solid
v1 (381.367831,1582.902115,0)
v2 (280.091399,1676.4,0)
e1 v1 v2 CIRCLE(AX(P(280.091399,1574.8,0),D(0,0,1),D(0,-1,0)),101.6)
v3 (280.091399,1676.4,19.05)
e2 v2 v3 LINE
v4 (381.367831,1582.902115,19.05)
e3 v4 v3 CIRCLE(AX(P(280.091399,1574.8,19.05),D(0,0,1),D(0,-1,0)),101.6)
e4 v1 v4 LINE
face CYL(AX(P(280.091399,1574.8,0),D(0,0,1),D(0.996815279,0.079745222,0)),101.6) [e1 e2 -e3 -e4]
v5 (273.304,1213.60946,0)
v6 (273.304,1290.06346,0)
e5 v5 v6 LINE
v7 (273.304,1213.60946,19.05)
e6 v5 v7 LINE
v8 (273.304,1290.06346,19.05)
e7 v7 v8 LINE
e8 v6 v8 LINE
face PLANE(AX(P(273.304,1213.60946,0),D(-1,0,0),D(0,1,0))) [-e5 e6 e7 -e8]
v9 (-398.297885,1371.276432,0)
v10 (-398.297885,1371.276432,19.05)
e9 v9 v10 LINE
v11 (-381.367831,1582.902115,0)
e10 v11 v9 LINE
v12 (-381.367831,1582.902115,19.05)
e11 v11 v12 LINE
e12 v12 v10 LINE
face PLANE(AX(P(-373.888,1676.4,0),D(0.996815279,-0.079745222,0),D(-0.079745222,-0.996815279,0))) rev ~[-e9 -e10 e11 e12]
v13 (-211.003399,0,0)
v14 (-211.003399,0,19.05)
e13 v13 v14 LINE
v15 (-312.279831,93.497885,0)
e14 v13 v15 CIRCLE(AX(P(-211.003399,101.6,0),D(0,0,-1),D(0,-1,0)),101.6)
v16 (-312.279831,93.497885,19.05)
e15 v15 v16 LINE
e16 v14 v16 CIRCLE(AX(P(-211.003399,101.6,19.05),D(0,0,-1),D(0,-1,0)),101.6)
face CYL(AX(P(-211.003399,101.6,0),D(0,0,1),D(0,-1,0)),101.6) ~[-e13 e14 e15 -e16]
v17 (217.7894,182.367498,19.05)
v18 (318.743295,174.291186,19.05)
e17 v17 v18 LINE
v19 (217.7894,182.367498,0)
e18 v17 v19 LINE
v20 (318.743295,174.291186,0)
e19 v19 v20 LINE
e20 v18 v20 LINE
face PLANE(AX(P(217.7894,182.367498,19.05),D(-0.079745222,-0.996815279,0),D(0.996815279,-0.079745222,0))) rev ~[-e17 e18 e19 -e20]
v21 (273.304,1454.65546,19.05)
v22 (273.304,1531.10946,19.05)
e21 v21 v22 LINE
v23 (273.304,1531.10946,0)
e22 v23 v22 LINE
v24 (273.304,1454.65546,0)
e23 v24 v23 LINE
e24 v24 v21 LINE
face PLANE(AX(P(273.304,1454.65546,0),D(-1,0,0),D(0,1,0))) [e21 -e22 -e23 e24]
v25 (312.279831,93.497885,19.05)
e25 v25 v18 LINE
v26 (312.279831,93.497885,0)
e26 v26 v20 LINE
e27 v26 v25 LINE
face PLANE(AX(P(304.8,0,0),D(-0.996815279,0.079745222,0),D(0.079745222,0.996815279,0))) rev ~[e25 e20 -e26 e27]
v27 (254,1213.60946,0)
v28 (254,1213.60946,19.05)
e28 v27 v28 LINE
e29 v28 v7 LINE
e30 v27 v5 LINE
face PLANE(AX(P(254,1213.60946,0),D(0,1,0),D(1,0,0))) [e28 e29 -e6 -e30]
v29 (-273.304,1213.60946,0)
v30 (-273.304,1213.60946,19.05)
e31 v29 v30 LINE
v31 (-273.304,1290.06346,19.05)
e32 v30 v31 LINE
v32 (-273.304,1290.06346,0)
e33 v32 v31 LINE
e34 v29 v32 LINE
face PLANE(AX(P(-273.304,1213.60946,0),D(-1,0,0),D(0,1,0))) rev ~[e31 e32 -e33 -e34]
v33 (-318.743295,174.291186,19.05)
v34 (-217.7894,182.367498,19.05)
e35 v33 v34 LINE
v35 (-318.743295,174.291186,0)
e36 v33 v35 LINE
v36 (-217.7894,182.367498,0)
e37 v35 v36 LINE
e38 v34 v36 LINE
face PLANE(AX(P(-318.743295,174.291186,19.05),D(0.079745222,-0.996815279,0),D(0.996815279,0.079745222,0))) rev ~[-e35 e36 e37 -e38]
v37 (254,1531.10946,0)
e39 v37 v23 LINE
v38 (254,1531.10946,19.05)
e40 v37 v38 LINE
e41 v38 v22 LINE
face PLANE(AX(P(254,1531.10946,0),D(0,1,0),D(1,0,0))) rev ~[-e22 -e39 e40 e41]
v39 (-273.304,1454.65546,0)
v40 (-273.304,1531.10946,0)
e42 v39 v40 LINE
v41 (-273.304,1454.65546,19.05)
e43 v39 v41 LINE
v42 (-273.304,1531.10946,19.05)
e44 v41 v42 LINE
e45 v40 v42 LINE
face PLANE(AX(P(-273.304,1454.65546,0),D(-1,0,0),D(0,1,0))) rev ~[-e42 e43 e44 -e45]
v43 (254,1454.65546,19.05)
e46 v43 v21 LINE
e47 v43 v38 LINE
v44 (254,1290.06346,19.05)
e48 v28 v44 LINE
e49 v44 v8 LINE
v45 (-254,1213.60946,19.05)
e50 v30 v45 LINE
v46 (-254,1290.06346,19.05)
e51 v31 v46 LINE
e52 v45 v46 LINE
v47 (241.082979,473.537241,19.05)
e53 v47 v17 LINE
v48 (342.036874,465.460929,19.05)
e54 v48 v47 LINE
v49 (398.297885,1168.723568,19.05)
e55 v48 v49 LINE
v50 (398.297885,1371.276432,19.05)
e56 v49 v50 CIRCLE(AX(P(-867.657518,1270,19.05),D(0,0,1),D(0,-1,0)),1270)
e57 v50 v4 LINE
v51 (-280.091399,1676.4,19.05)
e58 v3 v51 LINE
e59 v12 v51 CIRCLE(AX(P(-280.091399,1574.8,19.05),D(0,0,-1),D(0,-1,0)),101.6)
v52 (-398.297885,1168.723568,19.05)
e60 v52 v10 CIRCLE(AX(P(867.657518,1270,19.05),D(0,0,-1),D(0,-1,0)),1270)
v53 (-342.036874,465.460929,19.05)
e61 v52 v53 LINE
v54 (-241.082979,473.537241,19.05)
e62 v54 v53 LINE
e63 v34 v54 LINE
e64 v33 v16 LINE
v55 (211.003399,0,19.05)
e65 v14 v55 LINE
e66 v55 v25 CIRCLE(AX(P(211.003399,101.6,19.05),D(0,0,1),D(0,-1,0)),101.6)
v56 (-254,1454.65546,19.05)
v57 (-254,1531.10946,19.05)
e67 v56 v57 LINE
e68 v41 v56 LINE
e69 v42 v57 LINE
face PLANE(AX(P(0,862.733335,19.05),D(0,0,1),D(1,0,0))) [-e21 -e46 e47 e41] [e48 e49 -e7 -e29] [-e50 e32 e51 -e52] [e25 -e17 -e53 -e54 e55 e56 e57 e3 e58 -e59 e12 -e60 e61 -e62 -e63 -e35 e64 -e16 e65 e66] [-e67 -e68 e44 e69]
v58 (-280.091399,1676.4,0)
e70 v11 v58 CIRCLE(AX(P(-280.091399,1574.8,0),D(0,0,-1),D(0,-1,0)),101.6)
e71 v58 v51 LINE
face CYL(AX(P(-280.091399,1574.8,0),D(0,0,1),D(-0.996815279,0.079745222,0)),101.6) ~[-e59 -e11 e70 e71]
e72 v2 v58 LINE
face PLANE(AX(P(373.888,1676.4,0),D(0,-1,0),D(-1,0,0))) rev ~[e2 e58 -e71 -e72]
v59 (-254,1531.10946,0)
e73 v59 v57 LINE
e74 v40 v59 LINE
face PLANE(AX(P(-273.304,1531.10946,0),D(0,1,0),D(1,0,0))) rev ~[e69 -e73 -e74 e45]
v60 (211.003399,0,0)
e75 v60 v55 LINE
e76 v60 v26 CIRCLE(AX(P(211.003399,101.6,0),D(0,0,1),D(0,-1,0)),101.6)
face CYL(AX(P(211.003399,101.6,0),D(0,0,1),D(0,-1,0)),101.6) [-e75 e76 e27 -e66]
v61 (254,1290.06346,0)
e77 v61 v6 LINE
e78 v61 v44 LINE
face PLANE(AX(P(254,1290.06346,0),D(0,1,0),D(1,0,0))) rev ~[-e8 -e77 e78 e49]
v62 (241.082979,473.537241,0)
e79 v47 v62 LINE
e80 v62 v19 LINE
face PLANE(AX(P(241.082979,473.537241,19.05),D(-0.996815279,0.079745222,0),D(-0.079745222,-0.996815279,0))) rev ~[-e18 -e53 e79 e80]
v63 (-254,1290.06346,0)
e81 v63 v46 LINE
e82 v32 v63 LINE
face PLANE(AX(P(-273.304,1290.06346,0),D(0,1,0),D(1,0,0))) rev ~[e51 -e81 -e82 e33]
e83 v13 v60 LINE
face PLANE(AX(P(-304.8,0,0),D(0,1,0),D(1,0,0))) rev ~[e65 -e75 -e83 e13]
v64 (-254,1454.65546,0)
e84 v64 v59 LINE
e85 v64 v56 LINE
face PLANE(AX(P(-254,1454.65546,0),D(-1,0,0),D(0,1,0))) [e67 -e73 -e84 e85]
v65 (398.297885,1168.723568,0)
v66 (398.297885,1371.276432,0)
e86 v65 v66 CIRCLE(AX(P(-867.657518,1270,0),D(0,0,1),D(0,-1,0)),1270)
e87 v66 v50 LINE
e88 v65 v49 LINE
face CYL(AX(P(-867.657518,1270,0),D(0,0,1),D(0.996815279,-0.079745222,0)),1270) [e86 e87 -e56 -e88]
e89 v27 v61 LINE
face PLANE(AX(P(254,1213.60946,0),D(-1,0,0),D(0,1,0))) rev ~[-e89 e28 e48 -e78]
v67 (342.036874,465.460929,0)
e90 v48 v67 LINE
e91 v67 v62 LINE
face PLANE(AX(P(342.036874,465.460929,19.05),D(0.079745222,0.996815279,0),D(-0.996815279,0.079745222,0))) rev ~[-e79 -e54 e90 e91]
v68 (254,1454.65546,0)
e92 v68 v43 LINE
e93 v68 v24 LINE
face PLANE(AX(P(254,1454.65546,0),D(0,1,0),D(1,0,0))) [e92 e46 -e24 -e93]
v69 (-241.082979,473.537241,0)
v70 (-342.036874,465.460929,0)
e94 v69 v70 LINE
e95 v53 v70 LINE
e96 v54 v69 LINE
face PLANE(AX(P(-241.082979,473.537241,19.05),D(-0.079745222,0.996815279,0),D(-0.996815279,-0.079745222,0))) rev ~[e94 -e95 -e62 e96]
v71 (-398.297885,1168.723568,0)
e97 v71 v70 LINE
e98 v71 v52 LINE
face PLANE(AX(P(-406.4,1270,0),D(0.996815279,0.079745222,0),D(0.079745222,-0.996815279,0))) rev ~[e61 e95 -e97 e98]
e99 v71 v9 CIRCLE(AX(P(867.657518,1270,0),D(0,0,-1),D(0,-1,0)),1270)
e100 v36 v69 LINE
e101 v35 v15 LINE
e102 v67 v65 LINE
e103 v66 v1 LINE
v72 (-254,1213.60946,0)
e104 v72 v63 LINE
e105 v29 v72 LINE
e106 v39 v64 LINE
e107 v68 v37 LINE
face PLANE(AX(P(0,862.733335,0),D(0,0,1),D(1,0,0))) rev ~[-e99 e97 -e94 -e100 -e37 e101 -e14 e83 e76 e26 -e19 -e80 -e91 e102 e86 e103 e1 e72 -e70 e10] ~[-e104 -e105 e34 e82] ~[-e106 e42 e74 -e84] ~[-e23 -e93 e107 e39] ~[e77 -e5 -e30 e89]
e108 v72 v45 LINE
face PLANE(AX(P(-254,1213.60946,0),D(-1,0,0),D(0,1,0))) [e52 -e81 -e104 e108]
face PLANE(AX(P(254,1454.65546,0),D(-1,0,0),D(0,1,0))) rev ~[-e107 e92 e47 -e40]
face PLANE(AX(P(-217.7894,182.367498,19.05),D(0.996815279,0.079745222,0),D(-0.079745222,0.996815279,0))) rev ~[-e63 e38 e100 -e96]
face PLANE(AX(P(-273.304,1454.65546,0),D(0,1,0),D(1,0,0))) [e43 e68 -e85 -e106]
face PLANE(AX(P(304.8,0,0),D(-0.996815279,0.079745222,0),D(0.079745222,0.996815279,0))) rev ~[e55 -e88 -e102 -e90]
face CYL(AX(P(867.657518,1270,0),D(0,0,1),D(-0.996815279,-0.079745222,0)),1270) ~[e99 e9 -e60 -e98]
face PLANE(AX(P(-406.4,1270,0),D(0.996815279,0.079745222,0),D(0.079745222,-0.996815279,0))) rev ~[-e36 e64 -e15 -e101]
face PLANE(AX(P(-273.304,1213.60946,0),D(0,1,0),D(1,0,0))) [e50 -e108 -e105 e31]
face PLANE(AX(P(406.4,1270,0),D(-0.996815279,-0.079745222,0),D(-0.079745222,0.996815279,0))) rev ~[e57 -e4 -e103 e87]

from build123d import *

# Parameters (mm, degrees)
F0_W     = 19.304
F0_H     = 76.454
F1_DEPTH = 19.05
F2_R     = 101.6
F3_R     = 1270
F5_DEPTH = 187.96


with BuildPart() as f1:
    # F0 (on Top) → F1 (new body)
    with BuildSketch(Plane.XY):
        Polygon((-304.8, 0), (0, 0), (304.8, 0), (406.4, 1270), (373.888, 1676.4), (0, 1676.4), (-373.888, 1676.4), (-406.4, 1270), align=None)
        with Locations((-263.652, 1251.83646)):
            Rectangle(F0_W, F0_H, mode=Mode.SUBTRACT)
        with Locations((-263.652, 1492.88246)):
            Rectangle(F0_W, F0_H, mode=Mode.SUBTRACT)
        with Locations((263.652, 1251.83646)):
            Rectangle(F0_W, F0_H, mode=Mode.SUBTRACT)
        with Locations((263.652, 1492.88246)):
            Rectangle(F0_W, F0_H, mode=Mode.SUBTRACT)
    extrude(amount=F1_DEPTH)

    # F2
    f2_edges = [f1.edges().sort_by_distance(p)[0] for p in [
        (-304.8, 0, 9.525),
        (304.8, 0, 9.525),
        (-373.888, 1676.4, 9.525),
        (373.888, 1676.4, 9.525),
    ]]
    fillet(f2_edges, radius=F2_R)

    # F3
    f3_edges = [f1.edges().sort_by_distance(p)[0] for p in [
        (-406.4, 1270, 9.525),
        (406.4, 1270, 9.525),
    ]]
    fillet(f3_edges, radius=F3_R)

    # F4 (on face) → F5 (cut)
    with BuildSketch(Plane.XY.offset(19.05)):
        Polygon((-217.7893998235, 182.3674977936), (-241.0829792523, 473.537240654), (-342.0368743239, 465.4609290482), (-318.743294895, 174.2911861878), align=None)
        Polygon((217.7893998235, 182.3674977936), (318.743294895, 174.2911861878), (342.0368743239, 465.4609290482), (241.0829792523, 473.537240654), align=None)
    extrude(amount=-F5_DEPTH, mode=Mode.SUBTRACT)


solid = f1.part
